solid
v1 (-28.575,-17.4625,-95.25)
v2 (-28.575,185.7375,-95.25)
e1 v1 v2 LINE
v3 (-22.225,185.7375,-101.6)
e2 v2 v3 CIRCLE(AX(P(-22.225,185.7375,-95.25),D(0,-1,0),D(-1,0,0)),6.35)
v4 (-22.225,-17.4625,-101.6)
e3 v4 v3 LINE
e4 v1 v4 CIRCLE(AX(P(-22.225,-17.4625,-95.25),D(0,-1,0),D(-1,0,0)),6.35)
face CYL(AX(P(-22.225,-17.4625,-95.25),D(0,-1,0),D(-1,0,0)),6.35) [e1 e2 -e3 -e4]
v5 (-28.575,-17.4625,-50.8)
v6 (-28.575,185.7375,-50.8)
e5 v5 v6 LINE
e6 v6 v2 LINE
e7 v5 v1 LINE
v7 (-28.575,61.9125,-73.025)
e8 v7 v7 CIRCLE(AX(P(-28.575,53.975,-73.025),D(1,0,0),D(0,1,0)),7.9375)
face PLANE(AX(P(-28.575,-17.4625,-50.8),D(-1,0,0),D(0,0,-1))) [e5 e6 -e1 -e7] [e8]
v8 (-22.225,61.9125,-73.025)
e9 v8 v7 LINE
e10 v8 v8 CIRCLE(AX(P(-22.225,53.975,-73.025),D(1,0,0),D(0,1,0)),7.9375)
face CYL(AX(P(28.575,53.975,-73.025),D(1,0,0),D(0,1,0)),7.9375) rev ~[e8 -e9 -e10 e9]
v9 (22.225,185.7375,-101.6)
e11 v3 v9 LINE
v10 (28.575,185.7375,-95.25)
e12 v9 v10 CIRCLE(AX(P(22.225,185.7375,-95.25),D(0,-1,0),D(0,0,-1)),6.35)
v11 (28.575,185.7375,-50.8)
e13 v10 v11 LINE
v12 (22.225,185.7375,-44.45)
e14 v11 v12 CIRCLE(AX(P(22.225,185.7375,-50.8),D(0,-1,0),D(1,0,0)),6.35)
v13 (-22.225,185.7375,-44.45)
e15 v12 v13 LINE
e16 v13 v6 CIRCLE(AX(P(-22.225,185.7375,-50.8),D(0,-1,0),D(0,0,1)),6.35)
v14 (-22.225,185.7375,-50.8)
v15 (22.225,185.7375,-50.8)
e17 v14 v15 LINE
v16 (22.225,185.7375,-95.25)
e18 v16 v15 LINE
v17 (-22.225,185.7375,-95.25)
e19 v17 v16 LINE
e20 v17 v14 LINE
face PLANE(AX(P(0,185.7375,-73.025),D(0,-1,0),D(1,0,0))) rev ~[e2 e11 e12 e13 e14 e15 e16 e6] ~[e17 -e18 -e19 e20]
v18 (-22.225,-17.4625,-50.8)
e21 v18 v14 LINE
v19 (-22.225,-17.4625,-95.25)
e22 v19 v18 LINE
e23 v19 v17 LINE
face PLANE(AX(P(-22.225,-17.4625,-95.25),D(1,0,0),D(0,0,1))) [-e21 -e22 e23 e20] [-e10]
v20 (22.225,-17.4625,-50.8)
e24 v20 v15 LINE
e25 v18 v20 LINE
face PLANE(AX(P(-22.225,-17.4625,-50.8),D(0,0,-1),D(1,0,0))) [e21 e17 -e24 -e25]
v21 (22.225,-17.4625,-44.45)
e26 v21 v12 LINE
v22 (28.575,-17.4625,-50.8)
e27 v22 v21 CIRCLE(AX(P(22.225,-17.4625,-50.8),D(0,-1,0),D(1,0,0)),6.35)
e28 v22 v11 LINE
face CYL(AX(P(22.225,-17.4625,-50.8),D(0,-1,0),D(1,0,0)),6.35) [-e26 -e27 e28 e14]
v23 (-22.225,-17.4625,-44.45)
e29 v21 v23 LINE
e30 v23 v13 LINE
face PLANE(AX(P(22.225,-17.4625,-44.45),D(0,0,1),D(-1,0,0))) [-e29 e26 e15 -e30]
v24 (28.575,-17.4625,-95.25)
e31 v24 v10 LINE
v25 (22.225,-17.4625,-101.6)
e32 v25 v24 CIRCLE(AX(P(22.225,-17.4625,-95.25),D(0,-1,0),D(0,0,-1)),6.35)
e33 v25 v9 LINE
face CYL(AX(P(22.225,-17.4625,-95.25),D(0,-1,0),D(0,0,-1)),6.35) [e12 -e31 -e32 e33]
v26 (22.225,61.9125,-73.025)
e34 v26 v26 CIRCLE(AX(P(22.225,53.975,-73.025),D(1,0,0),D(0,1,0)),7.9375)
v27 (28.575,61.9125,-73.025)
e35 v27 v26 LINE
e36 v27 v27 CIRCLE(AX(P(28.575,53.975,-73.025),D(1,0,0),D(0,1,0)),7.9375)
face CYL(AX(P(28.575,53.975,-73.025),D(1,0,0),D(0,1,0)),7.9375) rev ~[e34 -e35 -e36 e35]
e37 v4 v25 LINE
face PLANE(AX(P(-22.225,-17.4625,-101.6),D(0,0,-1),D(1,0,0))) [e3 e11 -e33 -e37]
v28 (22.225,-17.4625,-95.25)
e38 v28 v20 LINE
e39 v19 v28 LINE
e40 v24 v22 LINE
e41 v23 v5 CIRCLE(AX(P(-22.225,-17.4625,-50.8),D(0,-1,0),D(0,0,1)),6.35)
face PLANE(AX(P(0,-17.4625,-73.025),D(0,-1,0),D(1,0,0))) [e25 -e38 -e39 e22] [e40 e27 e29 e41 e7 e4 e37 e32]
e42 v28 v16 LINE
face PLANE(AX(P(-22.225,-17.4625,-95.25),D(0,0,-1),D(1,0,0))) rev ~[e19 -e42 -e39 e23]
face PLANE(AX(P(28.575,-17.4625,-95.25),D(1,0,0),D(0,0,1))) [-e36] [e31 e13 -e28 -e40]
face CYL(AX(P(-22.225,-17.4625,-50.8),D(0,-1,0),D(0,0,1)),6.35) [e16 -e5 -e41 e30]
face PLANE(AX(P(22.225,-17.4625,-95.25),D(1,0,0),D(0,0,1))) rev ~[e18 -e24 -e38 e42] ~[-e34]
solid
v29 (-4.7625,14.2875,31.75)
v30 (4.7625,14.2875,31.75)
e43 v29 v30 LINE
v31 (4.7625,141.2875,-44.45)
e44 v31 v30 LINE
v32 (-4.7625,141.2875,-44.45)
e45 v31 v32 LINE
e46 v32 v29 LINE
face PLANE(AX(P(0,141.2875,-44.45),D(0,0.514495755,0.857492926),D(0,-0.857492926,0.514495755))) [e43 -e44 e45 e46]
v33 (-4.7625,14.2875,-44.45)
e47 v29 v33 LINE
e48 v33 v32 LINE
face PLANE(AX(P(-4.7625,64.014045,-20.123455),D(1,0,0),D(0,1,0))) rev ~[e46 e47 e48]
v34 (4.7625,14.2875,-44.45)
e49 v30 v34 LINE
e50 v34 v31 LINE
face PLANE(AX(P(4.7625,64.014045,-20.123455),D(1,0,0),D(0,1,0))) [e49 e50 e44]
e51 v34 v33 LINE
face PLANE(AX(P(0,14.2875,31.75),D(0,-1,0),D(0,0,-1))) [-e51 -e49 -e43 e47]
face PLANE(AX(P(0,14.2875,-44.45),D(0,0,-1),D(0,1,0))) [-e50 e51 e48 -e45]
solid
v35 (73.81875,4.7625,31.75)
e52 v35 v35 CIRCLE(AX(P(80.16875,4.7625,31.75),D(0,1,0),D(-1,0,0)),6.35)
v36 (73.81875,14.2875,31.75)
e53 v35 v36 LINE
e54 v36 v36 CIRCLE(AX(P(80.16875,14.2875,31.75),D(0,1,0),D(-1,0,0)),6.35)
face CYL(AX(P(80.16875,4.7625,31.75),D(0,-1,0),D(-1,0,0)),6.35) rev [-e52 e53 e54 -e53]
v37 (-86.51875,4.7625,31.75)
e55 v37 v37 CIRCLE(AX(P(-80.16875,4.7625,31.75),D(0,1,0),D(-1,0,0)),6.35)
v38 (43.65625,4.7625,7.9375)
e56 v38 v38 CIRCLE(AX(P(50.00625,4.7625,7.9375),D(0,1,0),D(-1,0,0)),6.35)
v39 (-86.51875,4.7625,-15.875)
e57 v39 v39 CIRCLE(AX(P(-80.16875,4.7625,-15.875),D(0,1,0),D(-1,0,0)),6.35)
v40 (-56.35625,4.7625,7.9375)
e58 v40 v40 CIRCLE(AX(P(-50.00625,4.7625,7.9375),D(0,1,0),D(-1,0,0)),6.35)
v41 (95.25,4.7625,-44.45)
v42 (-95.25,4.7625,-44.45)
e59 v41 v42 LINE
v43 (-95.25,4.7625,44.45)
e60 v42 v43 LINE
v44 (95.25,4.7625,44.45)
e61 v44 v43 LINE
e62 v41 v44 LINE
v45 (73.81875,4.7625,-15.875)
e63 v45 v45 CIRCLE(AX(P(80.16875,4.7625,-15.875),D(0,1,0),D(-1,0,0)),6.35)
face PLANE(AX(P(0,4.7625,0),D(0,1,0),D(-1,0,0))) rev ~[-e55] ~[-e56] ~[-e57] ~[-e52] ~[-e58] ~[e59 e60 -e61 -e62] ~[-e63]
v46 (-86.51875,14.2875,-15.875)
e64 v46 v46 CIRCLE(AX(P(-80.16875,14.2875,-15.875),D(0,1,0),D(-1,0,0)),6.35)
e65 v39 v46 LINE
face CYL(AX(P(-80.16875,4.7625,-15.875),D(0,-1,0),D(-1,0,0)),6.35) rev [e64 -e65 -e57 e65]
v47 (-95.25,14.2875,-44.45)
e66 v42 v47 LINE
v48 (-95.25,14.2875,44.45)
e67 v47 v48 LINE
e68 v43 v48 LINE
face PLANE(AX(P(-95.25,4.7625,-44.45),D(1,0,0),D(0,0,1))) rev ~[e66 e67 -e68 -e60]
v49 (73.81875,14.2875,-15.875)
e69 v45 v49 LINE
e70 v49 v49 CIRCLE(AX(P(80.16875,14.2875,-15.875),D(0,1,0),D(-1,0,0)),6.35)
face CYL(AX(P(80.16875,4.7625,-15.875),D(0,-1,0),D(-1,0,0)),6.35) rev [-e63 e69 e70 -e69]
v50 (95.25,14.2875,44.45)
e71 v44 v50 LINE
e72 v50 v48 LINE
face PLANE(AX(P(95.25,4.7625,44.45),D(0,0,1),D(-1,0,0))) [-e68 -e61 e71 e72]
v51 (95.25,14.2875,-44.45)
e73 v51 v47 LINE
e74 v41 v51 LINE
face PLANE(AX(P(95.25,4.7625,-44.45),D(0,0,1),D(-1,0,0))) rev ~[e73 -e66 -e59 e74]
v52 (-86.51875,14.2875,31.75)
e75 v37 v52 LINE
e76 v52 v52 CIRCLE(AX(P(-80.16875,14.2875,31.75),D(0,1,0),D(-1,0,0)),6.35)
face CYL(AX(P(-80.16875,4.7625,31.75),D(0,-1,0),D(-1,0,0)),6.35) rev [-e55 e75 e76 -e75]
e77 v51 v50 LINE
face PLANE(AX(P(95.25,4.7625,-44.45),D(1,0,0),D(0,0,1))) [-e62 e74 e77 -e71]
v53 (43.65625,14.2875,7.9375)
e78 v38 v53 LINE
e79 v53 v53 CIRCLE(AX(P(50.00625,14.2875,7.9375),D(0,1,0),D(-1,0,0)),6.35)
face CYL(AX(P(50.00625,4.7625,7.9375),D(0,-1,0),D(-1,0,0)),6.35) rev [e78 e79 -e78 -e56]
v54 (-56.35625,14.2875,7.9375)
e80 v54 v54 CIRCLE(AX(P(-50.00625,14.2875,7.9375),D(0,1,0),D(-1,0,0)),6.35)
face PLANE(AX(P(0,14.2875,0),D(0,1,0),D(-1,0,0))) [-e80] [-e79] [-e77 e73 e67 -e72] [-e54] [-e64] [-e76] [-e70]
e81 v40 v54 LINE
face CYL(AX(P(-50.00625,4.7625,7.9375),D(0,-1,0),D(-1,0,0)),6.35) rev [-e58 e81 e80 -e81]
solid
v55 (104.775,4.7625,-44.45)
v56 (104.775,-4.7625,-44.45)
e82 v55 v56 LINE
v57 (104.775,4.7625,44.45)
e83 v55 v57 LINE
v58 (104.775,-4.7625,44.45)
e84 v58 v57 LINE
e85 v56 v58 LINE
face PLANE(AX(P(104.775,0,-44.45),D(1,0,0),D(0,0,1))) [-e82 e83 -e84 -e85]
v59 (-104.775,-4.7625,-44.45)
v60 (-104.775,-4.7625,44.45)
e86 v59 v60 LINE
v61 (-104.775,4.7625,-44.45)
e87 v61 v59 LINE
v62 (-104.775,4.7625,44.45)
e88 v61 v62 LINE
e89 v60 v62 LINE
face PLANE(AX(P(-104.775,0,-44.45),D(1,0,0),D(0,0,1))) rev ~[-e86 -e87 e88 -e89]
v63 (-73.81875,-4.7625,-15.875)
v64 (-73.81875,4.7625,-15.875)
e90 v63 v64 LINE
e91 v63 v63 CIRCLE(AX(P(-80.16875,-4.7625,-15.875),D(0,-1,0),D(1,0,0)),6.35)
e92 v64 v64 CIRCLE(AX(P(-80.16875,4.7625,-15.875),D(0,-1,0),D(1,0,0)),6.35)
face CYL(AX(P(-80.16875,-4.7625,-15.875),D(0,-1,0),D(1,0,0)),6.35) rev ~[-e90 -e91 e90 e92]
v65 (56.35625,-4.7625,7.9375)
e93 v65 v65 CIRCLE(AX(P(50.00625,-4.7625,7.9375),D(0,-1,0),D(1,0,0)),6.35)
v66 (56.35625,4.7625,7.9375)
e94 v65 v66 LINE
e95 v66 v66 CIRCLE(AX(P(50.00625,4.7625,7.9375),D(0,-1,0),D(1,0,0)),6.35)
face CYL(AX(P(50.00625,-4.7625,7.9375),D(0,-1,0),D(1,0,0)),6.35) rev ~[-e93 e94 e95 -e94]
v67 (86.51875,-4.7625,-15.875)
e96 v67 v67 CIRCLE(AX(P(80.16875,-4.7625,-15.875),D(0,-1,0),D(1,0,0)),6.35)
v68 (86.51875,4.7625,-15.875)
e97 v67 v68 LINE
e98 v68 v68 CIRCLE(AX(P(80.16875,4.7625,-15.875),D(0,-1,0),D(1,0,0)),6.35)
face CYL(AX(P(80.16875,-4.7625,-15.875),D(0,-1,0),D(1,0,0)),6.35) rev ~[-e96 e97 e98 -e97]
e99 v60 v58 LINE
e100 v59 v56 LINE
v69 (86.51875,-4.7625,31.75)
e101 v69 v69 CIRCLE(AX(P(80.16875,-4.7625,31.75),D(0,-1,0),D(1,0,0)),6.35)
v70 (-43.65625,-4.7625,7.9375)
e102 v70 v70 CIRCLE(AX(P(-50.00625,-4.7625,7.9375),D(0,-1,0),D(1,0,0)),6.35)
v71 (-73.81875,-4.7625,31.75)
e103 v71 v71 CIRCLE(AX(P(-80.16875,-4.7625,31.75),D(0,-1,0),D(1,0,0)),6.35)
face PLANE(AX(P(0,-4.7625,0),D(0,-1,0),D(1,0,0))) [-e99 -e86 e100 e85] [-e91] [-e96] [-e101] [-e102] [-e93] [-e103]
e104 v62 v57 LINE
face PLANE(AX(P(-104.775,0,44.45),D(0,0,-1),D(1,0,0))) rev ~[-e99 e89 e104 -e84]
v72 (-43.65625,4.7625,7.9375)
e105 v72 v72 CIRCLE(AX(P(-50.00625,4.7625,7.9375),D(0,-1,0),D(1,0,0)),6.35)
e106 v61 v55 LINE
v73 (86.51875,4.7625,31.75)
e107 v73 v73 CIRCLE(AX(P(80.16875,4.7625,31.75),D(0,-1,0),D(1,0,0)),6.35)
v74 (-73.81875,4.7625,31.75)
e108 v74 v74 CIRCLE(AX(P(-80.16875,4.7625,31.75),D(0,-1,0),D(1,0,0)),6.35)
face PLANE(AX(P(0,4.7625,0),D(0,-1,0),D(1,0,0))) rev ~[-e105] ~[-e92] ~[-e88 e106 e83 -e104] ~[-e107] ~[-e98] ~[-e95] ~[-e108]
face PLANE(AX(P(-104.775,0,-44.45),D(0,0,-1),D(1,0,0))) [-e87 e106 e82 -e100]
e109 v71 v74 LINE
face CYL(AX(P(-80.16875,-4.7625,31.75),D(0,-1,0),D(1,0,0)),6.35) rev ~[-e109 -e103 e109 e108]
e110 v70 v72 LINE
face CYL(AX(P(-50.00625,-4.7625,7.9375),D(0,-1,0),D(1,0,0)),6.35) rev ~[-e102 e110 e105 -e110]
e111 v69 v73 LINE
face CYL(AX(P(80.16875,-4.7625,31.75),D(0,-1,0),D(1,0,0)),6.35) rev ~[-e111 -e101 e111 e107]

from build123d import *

# Parameters (mm, degrees)
F0_W      = 209.55
F0_H      = 88.9
F1_DEPTH  = 4.7625
F2_R      = 6.35
F3_DEPTH  = 9.526
F4_W      = 190.5
F4_H      = 88.9
F4_R      = 6.35
F5_DEPTH  = 9.525
F7_W      = 44.45
F7_H      = 44.45
F8_DEPTH  = 203.2
F10_DEPTH = 4.7625
F11_R     = 7.9375
F12_DEPTH = 133.351


with BuildPart() as f1:
    # F0 (on Front) → F1 (new body, symmetric)
    with BuildSketch(Plane.XZ):
        Rectangle(F0_W, F0_H)
    extrude(amount=F1_DEPTH, both=True)

    # F2 (on face) → F3 (cut, through all)
    with BuildSketch(Plane.XZ.offset(4.7625)):
        with Locations((-80.16875, 31.75)):
            Circle(F2_R)
        with Locations((-50.00625, 7.9375)):
            Circle(F2_R)
        with Locations((-80.16875, -15.875)):
            Circle(F2_R)
        with Locations((80.16875, 31.75)):
            Circle(F2_R)
        with Locations((50.00625, 7.9375)):
            Circle(F2_R)
        with Locations((80.16875, -15.875)):
            Circle(F2_R)
    extrude(amount=-F3_DEPTH, mode=Mode.SUBTRACT)


with BuildPart() as f5:
    # F4 (on face) → F5 (new body)
    with BuildSketch(Plane(origin=(0, 4.7625, 0), x_dir=(-1, 0, 0), z_dir=(0, 1, 0))):
        Rectangle(F4_W, F4_H)
        with Locations((-80.16875, -15.875)):
            Circle(F4_R, mode=Mode.SUBTRACT)
        with Locations((80.16875, -15.875)):
            Circle(F4_R, mode=Mode.SUBTRACT)
        with Locations((-50.00625, 7.9375)):
            Circle(F4_R, mode=Mode.SUBTRACT)
        with Locations((-80.16875, 31.75)):
            Circle(F4_R, mode=Mode.SUBTRACT)
        with Locations((50.00625, 7.9375)):
            Circle(F4_R, mode=Mode.SUBTRACT)
        with Locations((80.16875, 31.75)):
            Circle(F4_R, mode=Mode.SUBTRACT)
    extrude(amount=F5_DEPTH)


with BuildPart() as f8:
    # F7 (on offset) → F8 (new body)
    with BuildSketch(Plane.XZ.offset(17.4625)):
        with BuildLine():
            Line((-22.225, -101.6), (22.225, -101.6))
            ThreePointArc((22.225, -101.6), (26.7151280605, -99.7401280605), (28.575, -95.25))
            Line((28.575, -95.25), (28.575, -50.8))
            ThreePointArc((28.575, -50.8), (26.7151280605, -46.3098719395), (22.225, -44.45))
            Line((22.225, -44.45), (-22.225, -44.45))
            ThreePointArc((-22.225, -44.45), (-26.7151280605, -46.3098719395), (-28.575, -50.8))
            Line((-28.575, -50.8), (-28.575, -95.25))
            ThreePointArc((-28.575, -95.25), (-26.7151280605, -99.7401280605), (-22.225, -101.6))
        make_face()
        with Locations((0, -73.025)):
            Rectangle(F7_W, F7_H, mode=Mode.SUBTRACT)
    extrude(amount=-F8_DEPTH)

    # F11 (on face) → F12 (cut, through all)
    with BuildSketch(Plane.YZ.offset(28.575)):
        with Locations((53.975, -73.025)):
            Circle(F11_R)
    extrude(amount=-F12_DEPTH, mode=Mode.SUBTRACT)


with BuildPart() as f10:
    # F9 (on Right) → F10 (new body, symmetric)
    with BuildSketch(Plane.YZ):
        Polygon((141.2875, -44.45), (14.2875, 31.75), (14.2875, -44.45), align=None)
    extrude(amount=F10_DEPTH, both=True)


solid = Compound([f1.part, f5.part, f8.part, f10.part])
